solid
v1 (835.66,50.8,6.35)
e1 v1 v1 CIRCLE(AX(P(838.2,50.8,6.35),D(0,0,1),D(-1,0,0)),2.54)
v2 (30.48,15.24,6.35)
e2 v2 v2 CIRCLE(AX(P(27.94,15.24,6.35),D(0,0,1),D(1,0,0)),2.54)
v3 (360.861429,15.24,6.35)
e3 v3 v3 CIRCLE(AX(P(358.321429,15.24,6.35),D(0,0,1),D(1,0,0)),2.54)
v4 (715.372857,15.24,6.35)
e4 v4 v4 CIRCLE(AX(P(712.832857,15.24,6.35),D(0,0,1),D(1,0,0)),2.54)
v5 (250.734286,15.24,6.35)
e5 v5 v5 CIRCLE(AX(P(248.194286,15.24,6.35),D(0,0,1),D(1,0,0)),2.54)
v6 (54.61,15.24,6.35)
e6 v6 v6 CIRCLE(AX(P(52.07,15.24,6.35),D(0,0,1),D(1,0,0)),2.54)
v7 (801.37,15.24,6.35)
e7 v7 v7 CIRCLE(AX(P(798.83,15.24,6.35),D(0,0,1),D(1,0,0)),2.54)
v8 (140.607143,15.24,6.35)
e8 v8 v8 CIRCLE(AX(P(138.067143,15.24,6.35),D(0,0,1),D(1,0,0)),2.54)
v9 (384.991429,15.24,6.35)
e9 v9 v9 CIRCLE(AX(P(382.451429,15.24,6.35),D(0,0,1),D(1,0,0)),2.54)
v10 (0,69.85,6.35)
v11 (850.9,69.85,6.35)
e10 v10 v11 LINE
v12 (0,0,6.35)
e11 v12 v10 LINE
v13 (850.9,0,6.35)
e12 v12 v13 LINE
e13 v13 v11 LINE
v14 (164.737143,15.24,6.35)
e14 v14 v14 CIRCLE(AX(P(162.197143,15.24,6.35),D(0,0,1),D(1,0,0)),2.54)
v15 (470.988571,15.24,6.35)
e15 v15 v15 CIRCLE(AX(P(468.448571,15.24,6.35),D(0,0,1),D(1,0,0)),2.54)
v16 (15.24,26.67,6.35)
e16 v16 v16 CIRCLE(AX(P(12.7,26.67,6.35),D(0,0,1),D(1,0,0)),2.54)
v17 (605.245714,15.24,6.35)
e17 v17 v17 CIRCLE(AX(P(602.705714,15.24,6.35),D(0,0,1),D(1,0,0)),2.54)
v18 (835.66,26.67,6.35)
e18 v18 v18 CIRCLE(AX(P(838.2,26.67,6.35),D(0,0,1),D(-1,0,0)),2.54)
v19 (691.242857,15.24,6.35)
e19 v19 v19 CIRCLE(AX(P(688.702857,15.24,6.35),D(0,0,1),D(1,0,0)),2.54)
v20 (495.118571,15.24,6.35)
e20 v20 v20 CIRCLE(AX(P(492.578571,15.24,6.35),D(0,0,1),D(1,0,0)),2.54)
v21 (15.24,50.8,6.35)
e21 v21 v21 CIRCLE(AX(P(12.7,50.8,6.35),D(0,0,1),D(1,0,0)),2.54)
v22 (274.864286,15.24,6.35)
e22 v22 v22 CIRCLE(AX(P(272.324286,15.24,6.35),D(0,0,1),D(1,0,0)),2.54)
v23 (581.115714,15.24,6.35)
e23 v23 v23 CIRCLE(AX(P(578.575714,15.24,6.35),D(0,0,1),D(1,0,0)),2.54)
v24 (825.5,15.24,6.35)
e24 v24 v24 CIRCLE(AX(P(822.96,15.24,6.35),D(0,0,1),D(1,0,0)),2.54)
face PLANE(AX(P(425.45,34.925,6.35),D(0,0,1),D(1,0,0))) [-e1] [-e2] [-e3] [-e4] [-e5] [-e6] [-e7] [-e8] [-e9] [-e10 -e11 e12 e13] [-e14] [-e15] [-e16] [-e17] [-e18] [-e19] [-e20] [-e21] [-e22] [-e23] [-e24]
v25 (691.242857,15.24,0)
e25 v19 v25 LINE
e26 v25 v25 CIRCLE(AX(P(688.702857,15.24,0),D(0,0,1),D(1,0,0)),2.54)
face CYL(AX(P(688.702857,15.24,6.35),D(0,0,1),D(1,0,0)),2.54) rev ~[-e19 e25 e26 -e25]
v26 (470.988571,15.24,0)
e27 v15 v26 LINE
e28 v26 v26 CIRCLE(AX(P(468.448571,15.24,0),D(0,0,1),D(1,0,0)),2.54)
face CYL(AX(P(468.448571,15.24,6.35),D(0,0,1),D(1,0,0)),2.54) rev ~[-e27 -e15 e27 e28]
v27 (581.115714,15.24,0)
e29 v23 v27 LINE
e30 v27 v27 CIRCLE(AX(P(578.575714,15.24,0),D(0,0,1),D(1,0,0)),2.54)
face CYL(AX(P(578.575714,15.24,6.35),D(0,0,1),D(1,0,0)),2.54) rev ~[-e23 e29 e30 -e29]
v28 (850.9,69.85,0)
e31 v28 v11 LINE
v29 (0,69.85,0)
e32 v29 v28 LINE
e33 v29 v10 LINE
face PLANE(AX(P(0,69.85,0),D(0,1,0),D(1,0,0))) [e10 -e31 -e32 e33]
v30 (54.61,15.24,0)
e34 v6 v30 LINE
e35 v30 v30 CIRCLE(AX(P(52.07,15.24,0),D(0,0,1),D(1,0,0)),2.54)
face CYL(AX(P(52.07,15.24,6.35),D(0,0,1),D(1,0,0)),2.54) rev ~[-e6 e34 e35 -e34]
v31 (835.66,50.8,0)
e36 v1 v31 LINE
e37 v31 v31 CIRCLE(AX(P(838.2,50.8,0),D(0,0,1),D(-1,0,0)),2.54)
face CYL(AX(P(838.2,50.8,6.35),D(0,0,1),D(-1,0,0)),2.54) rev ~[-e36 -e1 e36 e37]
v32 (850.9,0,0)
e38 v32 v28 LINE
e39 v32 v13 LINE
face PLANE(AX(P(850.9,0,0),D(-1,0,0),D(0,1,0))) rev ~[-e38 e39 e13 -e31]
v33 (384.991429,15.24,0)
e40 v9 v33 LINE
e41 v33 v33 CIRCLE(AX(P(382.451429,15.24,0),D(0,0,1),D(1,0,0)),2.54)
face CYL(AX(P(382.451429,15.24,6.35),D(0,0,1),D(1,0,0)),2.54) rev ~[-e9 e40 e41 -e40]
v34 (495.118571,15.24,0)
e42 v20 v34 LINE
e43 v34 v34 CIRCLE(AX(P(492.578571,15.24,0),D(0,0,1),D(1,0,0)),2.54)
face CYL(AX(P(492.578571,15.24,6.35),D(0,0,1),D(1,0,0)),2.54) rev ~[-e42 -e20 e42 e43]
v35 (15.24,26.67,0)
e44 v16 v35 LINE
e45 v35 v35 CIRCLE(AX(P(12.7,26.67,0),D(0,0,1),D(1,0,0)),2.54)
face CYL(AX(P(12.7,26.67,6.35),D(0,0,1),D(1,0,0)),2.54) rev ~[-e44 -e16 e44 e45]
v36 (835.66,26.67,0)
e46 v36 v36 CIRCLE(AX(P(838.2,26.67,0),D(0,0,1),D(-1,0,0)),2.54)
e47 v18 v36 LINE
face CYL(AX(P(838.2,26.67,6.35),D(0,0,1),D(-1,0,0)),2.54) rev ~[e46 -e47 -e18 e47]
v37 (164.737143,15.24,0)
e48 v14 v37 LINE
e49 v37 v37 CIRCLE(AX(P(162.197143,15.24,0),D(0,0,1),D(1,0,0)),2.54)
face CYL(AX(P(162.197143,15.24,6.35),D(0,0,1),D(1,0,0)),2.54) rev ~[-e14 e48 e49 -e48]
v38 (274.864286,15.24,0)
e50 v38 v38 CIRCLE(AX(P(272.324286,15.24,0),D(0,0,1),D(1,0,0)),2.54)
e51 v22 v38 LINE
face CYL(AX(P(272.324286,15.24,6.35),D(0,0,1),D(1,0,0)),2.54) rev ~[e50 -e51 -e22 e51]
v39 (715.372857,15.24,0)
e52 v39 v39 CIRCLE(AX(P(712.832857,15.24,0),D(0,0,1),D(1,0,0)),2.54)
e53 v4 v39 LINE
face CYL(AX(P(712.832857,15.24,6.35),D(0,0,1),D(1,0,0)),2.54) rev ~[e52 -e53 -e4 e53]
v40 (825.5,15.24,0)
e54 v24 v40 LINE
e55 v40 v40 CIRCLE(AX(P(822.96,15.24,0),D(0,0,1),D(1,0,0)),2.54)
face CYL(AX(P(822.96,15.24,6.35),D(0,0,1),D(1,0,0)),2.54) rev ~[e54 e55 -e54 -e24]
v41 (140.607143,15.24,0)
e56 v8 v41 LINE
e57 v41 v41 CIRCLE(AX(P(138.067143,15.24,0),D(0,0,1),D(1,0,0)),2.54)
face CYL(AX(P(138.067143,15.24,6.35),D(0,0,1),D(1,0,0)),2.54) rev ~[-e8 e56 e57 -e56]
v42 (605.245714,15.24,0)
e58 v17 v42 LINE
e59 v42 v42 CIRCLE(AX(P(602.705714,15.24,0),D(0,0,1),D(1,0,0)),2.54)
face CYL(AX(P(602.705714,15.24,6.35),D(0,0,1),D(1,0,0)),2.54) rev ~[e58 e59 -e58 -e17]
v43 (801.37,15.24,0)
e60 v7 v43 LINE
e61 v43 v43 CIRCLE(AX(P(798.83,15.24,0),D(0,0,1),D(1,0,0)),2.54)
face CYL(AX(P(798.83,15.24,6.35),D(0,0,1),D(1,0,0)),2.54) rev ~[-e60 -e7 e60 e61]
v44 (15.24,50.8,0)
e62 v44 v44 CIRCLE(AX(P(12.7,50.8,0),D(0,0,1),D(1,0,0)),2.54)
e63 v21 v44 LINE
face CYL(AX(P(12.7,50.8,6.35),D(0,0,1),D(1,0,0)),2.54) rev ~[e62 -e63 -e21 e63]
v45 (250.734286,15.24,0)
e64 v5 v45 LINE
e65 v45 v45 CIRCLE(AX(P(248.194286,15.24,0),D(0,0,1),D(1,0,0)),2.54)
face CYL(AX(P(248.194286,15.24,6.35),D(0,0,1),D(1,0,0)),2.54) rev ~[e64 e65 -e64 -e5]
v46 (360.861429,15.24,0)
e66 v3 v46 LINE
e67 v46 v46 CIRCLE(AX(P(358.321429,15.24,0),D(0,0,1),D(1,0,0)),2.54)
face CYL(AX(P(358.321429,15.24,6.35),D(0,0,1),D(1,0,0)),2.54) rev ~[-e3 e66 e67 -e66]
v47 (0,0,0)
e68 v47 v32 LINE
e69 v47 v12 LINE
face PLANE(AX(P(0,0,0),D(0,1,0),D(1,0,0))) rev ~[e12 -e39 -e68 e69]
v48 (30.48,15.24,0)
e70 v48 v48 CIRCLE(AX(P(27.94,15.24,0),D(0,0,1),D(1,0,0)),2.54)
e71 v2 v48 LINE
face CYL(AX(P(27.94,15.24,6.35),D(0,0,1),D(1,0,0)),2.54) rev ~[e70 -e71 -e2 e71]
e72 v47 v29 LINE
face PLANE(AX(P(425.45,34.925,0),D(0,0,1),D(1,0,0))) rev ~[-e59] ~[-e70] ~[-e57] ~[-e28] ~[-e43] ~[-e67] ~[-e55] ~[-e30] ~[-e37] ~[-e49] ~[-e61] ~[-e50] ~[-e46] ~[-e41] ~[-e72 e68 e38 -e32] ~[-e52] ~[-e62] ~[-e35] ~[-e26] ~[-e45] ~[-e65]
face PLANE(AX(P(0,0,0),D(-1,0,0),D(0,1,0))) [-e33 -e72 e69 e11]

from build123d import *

# Parameters (mm, degrees)
SKETCH1_W           = 850.9
SKETCH1_H           = 69.85
BOSS_EXTRUDE1_DEPTH = 6.35
SKETCH2_R           = 2.54
CUT_EXTRUDE1_DEPTH  = 6.35
SKETCH3_R           = 2.54
CUT_EXTRUDE2_DEPTH  = 6.35
LPATTERN2_COUNT     = 8
LPATTERN2_PITCH     = 110.127142857


with BuildPart() as part:
    # Sketch1 → Boss-Extrude1 (new body)
    with BuildSketch(Plane.XY):
        with Locations((425.45, 34.925)):
            Rectangle(SKETCH1_W, SKETCH1_H)
    extrude(amount=BOSS_EXTRUDE1_DEPTH)

    # Sketch2 → Cut-Extrude1 (cut)
    with BuildSketch(Plane.XY.offset(6.35)):
        with Locations((27.94, 15.24)):
            Circle(SKETCH2_R)
        with Locations((52.07, 15.24)):
            Circle(SKETCH2_R)
    cut_extrude1 = extrude(amount=-CUT_EXTRUDE1_DEPTH, mode=Mode.SUBTRACT)

    # Sketch3 → Cut-Extrude2 (cut)
    with BuildSketch(Plane.XY.offset(6.35)):
        with Locations((12.7, 26.67)):
            Circle(SKETCH3_R)
        with Locations((12.7, 50.8)):
            Circle(SKETCH3_R)
        with Locations(Location((838.2, 26.67, 0), (0, 0, 180))):
            Circle(SKETCH3_R)
        with Locations(Location((838.2, 50.8, 0), (0, 0, 180))):
            Circle(SKETCH3_R)
    extrude(amount=-CUT_EXTRUDE2_DEPTH, mode=Mode.SUBTRACT)

    # LPattern2: Cut-Extrude1 ×8
    with Locations(*[(i * LPATTERN2_PITCH, 0, 0) for i in range(1, LPATTERN2_COUNT)]):
        add(cut_extrude1, mode=Mode.SUBTRACT)


solid = part.part
